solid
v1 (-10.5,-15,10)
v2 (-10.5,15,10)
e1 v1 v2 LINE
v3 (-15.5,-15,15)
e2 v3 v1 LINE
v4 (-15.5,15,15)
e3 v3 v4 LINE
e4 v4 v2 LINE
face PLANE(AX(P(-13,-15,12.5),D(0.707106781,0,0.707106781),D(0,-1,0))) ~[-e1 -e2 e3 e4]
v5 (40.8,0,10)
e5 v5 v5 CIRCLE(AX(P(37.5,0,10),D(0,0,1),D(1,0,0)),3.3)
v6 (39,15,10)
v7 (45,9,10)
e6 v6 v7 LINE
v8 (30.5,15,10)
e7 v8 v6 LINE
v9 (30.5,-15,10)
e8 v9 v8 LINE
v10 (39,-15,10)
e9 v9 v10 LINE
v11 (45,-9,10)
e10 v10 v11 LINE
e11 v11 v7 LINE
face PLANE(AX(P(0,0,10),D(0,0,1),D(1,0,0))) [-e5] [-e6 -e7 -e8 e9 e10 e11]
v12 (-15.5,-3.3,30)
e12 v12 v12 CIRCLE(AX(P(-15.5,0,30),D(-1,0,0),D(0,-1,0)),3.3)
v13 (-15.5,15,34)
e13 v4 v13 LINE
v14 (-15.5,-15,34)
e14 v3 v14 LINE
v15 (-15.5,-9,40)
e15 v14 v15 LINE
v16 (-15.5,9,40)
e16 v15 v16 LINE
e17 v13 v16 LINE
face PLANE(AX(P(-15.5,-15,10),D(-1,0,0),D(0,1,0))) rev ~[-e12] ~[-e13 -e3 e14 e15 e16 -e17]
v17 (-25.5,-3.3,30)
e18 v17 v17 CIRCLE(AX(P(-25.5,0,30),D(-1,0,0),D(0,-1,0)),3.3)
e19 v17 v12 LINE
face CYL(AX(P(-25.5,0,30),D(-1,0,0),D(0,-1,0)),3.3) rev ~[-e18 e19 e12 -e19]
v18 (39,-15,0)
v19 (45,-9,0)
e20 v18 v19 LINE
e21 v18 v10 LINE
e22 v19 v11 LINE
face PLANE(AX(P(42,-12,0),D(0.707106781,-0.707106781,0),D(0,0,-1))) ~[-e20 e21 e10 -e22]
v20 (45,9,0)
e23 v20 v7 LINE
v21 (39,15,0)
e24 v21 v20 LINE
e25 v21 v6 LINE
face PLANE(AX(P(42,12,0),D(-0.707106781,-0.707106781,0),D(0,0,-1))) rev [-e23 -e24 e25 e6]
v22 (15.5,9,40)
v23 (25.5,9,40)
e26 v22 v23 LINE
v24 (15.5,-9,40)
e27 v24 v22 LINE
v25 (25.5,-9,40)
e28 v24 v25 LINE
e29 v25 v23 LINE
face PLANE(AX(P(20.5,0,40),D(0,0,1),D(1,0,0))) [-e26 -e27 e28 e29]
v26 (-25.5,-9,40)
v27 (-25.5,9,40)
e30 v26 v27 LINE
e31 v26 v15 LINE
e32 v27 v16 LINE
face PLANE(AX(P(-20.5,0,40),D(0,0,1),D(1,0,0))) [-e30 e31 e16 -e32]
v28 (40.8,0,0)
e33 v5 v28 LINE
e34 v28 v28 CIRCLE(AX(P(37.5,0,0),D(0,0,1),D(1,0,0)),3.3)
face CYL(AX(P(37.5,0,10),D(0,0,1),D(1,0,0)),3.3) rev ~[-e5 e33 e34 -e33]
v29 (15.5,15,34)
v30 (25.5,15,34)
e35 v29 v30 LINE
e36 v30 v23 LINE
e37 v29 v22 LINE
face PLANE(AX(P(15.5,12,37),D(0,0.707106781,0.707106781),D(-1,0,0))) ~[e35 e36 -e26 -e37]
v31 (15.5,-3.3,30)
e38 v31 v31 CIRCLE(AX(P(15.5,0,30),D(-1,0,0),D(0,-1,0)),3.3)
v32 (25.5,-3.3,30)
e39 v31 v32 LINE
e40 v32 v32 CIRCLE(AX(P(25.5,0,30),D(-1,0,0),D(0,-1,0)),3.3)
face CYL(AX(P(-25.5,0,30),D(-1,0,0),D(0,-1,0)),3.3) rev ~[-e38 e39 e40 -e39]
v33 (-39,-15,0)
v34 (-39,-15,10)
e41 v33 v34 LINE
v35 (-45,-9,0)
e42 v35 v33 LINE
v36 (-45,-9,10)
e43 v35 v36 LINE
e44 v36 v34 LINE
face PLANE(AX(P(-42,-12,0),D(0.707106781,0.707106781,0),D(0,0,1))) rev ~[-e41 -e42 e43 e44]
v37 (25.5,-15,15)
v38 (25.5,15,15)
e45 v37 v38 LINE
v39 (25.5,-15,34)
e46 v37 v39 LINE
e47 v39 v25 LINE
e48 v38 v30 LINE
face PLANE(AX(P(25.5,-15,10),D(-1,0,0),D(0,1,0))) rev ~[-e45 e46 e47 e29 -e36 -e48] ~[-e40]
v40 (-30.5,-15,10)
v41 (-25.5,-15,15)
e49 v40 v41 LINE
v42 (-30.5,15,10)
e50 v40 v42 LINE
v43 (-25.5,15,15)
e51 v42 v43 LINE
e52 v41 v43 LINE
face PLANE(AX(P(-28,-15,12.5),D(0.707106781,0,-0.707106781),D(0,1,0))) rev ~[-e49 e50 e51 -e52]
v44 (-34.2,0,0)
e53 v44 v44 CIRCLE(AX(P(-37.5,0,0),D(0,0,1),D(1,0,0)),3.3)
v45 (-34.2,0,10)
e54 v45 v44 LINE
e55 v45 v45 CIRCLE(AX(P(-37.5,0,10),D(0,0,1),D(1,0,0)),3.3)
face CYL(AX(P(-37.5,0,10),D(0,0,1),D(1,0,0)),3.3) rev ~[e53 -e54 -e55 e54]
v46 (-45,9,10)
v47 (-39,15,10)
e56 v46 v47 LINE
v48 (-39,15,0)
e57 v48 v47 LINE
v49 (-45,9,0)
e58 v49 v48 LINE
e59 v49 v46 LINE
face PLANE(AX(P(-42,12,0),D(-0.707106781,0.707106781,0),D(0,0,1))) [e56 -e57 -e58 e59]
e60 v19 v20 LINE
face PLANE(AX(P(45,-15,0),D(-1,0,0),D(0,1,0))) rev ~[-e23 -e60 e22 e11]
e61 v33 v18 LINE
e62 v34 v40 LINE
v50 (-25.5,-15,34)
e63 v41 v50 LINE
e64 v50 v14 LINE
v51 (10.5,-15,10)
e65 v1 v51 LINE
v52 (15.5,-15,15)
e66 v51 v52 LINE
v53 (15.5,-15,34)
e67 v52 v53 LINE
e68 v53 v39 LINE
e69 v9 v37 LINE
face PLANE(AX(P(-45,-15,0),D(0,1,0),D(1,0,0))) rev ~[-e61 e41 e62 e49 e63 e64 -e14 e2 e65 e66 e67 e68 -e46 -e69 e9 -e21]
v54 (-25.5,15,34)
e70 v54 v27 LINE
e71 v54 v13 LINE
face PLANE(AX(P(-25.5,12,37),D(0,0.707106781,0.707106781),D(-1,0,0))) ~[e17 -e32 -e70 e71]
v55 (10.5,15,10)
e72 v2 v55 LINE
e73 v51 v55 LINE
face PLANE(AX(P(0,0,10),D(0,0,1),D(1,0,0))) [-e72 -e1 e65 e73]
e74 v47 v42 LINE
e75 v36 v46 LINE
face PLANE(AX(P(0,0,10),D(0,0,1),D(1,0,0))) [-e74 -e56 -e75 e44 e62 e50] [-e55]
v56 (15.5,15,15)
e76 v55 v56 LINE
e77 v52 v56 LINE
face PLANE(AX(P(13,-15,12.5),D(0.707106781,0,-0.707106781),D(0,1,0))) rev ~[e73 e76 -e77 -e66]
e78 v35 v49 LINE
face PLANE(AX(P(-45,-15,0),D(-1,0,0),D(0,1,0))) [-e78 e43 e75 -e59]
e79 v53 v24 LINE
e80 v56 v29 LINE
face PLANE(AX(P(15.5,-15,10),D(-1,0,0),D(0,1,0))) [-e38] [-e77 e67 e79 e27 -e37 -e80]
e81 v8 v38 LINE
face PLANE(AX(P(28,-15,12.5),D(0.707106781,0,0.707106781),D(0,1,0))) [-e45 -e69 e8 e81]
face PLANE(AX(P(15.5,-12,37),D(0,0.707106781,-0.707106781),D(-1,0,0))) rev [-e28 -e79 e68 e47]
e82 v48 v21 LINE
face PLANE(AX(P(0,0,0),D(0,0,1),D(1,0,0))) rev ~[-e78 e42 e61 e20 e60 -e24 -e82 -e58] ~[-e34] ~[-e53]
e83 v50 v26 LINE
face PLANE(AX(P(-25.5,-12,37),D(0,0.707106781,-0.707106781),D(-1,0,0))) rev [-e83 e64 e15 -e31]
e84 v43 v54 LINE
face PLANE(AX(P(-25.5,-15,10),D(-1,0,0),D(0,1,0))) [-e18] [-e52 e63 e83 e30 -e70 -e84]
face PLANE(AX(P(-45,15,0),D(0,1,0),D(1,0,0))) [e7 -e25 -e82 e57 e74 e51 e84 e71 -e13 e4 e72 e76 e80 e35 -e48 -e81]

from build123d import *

# Parameters (mm, degrees)
SKETCH_W        = 90
SKETCH_H        = 30
PAD_DEPTH       = 10
SKETCH001_W     = 10
SKETCH001_H     = 30
PAD001_DEPTH    = 30
CHAMFER_SIZE    = 6
SKETCH002_R     = 3.3
HOLE_DEPTH      = 58.01716
HOLE_TIPS_R     = 3.3
CHAMFER001_SIZE = 5
SKETCH003_R     = 3.3
HOLE001_DEPTH   = 25


with BuildPart() as part:
    # Sketch → Pad (new body)
    with BuildSketch(Plane.XY):
        Rectangle(SKETCH_W, SKETCH_H)
    extrude(amount=PAD_DEPTH)

    # Sketch001 → Pad001 (join)
    with BuildSketch(Plane.XY.offset(10)):
        with Locations((20.5, 0)):
            Rectangle(SKETCH001_W, SKETCH001_H)
        with Locations((-20.5, 0)):
            Rectangle(SKETCH001_W, SKETCH001_H)
    extrude(amount=PAD001_DEPTH)

    # Chamfer
    chamfer_edges = [part.edges().sort_by_distance(p)[0] for p in [
        (-45, 15, 5),
        (-45, -15, 5),
        (-20.5, 15, 40),
        (-20.5, -15, 40),
        (20.5, 15, 40),
        (45, 15, 5),
        (20.5, -15, 40),
        (45, -15, 5),
    ]]
    chamfer(chamfer_edges, length=CHAMFER_SIZE)

    # Sketch002 (on Face15 of Chamfer) → Hole (cut)
    with BuildSketch(Plane(origin=(-25.5, 0, 0), x_dir=(0, -1, 0), z_dir=(-1, 0, 0))):
        with Locations((0, 30)):
            Circle(SKETCH002_R)
    extrude(amount=-HOLE_DEPTH, mode=Mode.SUBTRACT)

    # Hole tips → Hole tip 1 section 0
    with BuildSketch(Plane(origin=(32.51716, 0, 0), x_dir=(0, -1, 0), z_dir=(-1, 0, 0)), mode=Mode.PRIVATE) as hole_tip_1_s0:
        with Locations((0, 30)):
            Circle(HOLE_TIPS_R)
    loft([hole_tip_1_s0.sketch, Vertex(34.5, 0, 30)], mode=Mode.SUBTRACT)

    # Chamfer001
    chamfer001_edges = [part.edges().sort_by_distance(p)[0] for p in [
        (25.5, 0, 10),
        (-15.5, 0, 10),
        (-25.5, 0, 10),
        (15.5, 0, 10),
    ]]
    chamfer(chamfer001_edges, length=CHAMFER001_SIZE)

    # Sketch003 (on Face2 of Chamfer001) → Hole001 (cut)
    with BuildSketch(Plane.XY.offset(10)):
        with Locations((-37.5, 0)):
            Circle(SKETCH003_R)
        with Locations((37.5, 0)):
            Circle(SKETCH003_R)
    extrude(amount=-HOLE001_DEPTH, mode=Mode.SUBTRACT)


solid = part.part
